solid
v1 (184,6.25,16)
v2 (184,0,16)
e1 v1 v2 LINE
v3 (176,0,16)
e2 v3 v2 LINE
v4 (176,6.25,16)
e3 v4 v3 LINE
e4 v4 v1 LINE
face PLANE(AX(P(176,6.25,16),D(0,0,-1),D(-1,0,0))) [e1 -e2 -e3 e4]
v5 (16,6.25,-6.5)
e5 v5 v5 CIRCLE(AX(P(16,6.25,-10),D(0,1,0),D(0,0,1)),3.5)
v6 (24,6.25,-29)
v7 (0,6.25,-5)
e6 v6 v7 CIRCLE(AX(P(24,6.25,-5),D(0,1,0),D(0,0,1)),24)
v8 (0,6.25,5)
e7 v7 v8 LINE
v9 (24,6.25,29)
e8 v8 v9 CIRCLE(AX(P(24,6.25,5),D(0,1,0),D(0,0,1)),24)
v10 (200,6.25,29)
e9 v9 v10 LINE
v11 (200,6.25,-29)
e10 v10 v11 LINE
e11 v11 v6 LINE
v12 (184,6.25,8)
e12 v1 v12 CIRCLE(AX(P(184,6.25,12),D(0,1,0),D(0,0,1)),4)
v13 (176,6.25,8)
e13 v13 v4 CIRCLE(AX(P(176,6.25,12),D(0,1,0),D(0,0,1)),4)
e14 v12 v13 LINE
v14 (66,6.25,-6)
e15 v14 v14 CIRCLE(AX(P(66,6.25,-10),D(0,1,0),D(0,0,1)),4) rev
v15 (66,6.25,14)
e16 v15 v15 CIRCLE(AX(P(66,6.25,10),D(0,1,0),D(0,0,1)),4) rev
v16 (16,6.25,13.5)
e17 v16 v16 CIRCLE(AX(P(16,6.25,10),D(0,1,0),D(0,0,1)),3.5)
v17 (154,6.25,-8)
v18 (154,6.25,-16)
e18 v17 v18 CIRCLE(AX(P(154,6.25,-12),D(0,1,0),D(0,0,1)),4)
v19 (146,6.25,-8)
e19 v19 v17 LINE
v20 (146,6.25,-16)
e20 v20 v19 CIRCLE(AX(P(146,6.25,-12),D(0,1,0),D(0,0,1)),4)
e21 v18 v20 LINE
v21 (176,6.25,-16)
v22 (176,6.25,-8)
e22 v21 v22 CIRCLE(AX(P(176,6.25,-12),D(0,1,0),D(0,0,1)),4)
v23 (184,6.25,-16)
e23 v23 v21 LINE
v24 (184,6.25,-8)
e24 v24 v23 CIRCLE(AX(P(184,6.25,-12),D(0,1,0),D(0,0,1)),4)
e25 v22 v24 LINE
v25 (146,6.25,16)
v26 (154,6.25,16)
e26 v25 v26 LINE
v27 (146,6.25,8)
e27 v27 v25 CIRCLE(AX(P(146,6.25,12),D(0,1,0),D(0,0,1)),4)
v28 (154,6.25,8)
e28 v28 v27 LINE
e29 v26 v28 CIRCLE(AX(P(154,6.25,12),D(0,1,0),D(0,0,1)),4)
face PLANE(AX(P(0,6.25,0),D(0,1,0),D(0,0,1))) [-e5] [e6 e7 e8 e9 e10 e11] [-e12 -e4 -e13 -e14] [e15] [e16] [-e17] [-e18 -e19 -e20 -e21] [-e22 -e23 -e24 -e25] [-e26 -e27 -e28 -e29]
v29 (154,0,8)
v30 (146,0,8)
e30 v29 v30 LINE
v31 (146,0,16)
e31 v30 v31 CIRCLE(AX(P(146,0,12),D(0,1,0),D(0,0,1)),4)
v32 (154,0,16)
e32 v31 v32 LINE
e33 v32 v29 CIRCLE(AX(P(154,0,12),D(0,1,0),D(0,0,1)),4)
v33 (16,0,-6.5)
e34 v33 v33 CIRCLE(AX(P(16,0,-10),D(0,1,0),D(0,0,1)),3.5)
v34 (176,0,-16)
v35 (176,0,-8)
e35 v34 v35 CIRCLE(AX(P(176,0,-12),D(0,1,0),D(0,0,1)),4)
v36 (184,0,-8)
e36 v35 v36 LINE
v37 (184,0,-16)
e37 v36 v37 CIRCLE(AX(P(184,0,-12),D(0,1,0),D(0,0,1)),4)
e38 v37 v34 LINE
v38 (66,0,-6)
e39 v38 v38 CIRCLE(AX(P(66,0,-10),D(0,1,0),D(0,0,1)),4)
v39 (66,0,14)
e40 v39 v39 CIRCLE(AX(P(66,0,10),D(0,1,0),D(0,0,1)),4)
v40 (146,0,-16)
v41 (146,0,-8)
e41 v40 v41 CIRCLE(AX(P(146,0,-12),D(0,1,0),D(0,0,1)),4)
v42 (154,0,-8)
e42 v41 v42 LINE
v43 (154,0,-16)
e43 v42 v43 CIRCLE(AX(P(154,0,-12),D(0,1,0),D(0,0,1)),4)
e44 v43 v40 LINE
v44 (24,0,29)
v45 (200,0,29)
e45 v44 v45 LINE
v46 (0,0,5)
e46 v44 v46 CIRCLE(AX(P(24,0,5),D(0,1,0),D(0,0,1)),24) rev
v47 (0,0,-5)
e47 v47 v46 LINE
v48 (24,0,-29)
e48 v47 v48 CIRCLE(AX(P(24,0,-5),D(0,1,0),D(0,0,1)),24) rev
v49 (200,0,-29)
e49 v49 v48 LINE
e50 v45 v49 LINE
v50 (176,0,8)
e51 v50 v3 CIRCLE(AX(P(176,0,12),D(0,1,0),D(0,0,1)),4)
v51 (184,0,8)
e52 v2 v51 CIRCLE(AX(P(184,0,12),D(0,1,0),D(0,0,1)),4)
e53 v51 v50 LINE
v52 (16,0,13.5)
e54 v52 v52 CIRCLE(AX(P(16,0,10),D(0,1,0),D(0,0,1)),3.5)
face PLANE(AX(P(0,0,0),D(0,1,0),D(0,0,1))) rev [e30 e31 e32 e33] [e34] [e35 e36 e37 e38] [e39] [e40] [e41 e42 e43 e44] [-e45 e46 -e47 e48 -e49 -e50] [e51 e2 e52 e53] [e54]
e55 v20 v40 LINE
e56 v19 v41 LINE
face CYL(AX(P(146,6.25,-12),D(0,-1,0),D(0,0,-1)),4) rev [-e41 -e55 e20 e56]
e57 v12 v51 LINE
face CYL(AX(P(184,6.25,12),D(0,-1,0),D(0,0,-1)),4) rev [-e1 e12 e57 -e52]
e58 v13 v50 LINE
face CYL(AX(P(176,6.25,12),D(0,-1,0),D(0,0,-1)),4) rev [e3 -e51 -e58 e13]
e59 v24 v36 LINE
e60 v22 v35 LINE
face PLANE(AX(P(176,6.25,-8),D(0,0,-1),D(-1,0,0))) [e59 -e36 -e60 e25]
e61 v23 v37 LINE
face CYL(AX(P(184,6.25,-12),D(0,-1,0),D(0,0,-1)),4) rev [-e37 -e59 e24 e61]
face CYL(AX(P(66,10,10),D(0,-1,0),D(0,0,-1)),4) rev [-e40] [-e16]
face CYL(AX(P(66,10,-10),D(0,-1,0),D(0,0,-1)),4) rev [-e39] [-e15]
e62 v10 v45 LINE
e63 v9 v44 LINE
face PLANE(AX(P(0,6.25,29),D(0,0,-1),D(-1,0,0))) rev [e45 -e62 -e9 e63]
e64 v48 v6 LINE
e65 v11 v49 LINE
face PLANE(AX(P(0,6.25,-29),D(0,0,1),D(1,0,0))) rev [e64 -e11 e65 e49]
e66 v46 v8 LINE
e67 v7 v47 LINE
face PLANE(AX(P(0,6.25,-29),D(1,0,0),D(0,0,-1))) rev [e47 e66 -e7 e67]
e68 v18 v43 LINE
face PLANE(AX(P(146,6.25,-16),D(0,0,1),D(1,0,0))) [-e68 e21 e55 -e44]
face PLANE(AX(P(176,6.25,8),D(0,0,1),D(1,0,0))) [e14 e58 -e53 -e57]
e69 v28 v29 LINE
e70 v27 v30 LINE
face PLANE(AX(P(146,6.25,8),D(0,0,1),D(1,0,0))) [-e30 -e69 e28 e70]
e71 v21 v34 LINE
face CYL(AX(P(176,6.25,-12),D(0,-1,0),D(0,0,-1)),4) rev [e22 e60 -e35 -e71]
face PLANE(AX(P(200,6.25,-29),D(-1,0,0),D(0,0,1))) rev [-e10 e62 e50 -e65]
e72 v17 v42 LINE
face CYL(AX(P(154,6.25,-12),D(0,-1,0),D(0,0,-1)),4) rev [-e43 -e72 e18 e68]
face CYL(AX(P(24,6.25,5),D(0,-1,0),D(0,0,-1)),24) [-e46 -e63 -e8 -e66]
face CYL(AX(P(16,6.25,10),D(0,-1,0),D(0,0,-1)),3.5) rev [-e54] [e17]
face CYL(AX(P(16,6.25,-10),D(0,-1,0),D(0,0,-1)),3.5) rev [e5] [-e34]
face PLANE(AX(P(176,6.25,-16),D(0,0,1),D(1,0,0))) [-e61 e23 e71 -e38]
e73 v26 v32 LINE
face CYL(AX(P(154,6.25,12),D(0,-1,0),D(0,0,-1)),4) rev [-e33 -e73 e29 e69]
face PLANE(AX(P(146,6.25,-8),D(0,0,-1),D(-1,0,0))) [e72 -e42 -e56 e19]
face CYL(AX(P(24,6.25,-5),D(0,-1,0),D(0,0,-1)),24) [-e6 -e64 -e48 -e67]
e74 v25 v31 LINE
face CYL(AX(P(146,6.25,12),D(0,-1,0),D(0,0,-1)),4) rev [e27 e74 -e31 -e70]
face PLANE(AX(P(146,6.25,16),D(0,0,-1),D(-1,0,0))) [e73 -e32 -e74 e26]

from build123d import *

# Parameters (mm, degrees)
SKETCH1_W           = 200
SKETCH1_H           = 58
BOSS_EXTRUDE1_DEPTH = 6.25
SKETCH2_R           = 3.5
CUT_EXTRUDE1_DEPTH  = 203.188185857
FILLET1_R           = 24
SKETCH3_R           = 4
CUT_EXTRUDE2_DEPTH  = 10


with BuildPart() as part:
    # Sketch1 → Boss-Extrude1 (new body)
    with BuildSketch(Plane(origin=(0, 0, 0), x_dir=(1, 0, 0), z_dir=(0, 1, 0))):
        with Locations((100, 0)):
            Rectangle(SKETCH1_W, SKETCH1_H)
    extrude(amount=BOSS_EXTRUDE1_DEPTH)

    # Sketch2 → Cut-Extrude1 (cut, through all)
    with BuildSketch(Plane(origin=(0, 0, 0), x_dir=(1, 0, 0), z_dir=(0, 1, 0))):
        with Locations(Location((16, 10, 0), (0, 0, 270))):
            Circle(SKETCH2_R)
        with Locations(Location((16, -10, 0), (0, 0, 270))):
            Circle(SKETCH2_R)
        with BuildLine():
            Line((176, 16), (184, 16))
            ThreePointArc((184, 16), (188, 12), (184, 8))
            Line((184, 8), (176, 8))
            ThreePointArc((176, 8), (172, 12), (176, 16))
        make_face()
        with BuildLine():
            Line((146, 16), (154, 16))
            ThreePointArc((154, 16), (158, 12), (154, 8))
            Line((154, 8), (146, 8))
            ThreePointArc((146, 8), (142, 12), (146, 16))
        make_face()
        with BuildLine():
            Line((146, -8), (154, -8))
            ThreePointArc((154, -8), (158, -12), (154, -16))
            Line((154, -16), (146, -16))
            ThreePointArc((146, -16), (142, -12), (146, -8))
        make_face()
        with BuildLine():
            Line((176, -8), (184, -8))
            ThreePointArc((184, -8), (188, -12), (184, -16))
            Line((184, -16), (176, -16))
            ThreePointArc((176, -16), (172, -12), (176, -8))
        make_face()
    extrude(amount=CUT_EXTRUDE1_DEPTH, mode=Mode.SUBTRACT)

    # Fillet1
    fillet1_edges = [part.edges().sort_by_distance(p)[0] for p in [
        (0, 3.125, -29),
        (0, 3.125, 29),
    ]]
    fillet(fillet1_edges, radius=FILLET1_R)

    # Sketch3 → Cut-Extrude2 (cut)
    with BuildSketch(Plane(origin=(0, 0, 0), x_dir=(1, 0, 0), z_dir=(0, 1, 0))):
        with Locations(Location((66, -10, 0), (0, 0, 270))):
            Circle(SKETCH3_R)
        with Locations(Location((66, 10, 0), (0, 0, 270))):
            Circle(SKETCH3_R)
    extrude(amount=CUT_EXTRUDE2_DEPTH, mode=Mode.SUBTRACT)


solid = part.part
